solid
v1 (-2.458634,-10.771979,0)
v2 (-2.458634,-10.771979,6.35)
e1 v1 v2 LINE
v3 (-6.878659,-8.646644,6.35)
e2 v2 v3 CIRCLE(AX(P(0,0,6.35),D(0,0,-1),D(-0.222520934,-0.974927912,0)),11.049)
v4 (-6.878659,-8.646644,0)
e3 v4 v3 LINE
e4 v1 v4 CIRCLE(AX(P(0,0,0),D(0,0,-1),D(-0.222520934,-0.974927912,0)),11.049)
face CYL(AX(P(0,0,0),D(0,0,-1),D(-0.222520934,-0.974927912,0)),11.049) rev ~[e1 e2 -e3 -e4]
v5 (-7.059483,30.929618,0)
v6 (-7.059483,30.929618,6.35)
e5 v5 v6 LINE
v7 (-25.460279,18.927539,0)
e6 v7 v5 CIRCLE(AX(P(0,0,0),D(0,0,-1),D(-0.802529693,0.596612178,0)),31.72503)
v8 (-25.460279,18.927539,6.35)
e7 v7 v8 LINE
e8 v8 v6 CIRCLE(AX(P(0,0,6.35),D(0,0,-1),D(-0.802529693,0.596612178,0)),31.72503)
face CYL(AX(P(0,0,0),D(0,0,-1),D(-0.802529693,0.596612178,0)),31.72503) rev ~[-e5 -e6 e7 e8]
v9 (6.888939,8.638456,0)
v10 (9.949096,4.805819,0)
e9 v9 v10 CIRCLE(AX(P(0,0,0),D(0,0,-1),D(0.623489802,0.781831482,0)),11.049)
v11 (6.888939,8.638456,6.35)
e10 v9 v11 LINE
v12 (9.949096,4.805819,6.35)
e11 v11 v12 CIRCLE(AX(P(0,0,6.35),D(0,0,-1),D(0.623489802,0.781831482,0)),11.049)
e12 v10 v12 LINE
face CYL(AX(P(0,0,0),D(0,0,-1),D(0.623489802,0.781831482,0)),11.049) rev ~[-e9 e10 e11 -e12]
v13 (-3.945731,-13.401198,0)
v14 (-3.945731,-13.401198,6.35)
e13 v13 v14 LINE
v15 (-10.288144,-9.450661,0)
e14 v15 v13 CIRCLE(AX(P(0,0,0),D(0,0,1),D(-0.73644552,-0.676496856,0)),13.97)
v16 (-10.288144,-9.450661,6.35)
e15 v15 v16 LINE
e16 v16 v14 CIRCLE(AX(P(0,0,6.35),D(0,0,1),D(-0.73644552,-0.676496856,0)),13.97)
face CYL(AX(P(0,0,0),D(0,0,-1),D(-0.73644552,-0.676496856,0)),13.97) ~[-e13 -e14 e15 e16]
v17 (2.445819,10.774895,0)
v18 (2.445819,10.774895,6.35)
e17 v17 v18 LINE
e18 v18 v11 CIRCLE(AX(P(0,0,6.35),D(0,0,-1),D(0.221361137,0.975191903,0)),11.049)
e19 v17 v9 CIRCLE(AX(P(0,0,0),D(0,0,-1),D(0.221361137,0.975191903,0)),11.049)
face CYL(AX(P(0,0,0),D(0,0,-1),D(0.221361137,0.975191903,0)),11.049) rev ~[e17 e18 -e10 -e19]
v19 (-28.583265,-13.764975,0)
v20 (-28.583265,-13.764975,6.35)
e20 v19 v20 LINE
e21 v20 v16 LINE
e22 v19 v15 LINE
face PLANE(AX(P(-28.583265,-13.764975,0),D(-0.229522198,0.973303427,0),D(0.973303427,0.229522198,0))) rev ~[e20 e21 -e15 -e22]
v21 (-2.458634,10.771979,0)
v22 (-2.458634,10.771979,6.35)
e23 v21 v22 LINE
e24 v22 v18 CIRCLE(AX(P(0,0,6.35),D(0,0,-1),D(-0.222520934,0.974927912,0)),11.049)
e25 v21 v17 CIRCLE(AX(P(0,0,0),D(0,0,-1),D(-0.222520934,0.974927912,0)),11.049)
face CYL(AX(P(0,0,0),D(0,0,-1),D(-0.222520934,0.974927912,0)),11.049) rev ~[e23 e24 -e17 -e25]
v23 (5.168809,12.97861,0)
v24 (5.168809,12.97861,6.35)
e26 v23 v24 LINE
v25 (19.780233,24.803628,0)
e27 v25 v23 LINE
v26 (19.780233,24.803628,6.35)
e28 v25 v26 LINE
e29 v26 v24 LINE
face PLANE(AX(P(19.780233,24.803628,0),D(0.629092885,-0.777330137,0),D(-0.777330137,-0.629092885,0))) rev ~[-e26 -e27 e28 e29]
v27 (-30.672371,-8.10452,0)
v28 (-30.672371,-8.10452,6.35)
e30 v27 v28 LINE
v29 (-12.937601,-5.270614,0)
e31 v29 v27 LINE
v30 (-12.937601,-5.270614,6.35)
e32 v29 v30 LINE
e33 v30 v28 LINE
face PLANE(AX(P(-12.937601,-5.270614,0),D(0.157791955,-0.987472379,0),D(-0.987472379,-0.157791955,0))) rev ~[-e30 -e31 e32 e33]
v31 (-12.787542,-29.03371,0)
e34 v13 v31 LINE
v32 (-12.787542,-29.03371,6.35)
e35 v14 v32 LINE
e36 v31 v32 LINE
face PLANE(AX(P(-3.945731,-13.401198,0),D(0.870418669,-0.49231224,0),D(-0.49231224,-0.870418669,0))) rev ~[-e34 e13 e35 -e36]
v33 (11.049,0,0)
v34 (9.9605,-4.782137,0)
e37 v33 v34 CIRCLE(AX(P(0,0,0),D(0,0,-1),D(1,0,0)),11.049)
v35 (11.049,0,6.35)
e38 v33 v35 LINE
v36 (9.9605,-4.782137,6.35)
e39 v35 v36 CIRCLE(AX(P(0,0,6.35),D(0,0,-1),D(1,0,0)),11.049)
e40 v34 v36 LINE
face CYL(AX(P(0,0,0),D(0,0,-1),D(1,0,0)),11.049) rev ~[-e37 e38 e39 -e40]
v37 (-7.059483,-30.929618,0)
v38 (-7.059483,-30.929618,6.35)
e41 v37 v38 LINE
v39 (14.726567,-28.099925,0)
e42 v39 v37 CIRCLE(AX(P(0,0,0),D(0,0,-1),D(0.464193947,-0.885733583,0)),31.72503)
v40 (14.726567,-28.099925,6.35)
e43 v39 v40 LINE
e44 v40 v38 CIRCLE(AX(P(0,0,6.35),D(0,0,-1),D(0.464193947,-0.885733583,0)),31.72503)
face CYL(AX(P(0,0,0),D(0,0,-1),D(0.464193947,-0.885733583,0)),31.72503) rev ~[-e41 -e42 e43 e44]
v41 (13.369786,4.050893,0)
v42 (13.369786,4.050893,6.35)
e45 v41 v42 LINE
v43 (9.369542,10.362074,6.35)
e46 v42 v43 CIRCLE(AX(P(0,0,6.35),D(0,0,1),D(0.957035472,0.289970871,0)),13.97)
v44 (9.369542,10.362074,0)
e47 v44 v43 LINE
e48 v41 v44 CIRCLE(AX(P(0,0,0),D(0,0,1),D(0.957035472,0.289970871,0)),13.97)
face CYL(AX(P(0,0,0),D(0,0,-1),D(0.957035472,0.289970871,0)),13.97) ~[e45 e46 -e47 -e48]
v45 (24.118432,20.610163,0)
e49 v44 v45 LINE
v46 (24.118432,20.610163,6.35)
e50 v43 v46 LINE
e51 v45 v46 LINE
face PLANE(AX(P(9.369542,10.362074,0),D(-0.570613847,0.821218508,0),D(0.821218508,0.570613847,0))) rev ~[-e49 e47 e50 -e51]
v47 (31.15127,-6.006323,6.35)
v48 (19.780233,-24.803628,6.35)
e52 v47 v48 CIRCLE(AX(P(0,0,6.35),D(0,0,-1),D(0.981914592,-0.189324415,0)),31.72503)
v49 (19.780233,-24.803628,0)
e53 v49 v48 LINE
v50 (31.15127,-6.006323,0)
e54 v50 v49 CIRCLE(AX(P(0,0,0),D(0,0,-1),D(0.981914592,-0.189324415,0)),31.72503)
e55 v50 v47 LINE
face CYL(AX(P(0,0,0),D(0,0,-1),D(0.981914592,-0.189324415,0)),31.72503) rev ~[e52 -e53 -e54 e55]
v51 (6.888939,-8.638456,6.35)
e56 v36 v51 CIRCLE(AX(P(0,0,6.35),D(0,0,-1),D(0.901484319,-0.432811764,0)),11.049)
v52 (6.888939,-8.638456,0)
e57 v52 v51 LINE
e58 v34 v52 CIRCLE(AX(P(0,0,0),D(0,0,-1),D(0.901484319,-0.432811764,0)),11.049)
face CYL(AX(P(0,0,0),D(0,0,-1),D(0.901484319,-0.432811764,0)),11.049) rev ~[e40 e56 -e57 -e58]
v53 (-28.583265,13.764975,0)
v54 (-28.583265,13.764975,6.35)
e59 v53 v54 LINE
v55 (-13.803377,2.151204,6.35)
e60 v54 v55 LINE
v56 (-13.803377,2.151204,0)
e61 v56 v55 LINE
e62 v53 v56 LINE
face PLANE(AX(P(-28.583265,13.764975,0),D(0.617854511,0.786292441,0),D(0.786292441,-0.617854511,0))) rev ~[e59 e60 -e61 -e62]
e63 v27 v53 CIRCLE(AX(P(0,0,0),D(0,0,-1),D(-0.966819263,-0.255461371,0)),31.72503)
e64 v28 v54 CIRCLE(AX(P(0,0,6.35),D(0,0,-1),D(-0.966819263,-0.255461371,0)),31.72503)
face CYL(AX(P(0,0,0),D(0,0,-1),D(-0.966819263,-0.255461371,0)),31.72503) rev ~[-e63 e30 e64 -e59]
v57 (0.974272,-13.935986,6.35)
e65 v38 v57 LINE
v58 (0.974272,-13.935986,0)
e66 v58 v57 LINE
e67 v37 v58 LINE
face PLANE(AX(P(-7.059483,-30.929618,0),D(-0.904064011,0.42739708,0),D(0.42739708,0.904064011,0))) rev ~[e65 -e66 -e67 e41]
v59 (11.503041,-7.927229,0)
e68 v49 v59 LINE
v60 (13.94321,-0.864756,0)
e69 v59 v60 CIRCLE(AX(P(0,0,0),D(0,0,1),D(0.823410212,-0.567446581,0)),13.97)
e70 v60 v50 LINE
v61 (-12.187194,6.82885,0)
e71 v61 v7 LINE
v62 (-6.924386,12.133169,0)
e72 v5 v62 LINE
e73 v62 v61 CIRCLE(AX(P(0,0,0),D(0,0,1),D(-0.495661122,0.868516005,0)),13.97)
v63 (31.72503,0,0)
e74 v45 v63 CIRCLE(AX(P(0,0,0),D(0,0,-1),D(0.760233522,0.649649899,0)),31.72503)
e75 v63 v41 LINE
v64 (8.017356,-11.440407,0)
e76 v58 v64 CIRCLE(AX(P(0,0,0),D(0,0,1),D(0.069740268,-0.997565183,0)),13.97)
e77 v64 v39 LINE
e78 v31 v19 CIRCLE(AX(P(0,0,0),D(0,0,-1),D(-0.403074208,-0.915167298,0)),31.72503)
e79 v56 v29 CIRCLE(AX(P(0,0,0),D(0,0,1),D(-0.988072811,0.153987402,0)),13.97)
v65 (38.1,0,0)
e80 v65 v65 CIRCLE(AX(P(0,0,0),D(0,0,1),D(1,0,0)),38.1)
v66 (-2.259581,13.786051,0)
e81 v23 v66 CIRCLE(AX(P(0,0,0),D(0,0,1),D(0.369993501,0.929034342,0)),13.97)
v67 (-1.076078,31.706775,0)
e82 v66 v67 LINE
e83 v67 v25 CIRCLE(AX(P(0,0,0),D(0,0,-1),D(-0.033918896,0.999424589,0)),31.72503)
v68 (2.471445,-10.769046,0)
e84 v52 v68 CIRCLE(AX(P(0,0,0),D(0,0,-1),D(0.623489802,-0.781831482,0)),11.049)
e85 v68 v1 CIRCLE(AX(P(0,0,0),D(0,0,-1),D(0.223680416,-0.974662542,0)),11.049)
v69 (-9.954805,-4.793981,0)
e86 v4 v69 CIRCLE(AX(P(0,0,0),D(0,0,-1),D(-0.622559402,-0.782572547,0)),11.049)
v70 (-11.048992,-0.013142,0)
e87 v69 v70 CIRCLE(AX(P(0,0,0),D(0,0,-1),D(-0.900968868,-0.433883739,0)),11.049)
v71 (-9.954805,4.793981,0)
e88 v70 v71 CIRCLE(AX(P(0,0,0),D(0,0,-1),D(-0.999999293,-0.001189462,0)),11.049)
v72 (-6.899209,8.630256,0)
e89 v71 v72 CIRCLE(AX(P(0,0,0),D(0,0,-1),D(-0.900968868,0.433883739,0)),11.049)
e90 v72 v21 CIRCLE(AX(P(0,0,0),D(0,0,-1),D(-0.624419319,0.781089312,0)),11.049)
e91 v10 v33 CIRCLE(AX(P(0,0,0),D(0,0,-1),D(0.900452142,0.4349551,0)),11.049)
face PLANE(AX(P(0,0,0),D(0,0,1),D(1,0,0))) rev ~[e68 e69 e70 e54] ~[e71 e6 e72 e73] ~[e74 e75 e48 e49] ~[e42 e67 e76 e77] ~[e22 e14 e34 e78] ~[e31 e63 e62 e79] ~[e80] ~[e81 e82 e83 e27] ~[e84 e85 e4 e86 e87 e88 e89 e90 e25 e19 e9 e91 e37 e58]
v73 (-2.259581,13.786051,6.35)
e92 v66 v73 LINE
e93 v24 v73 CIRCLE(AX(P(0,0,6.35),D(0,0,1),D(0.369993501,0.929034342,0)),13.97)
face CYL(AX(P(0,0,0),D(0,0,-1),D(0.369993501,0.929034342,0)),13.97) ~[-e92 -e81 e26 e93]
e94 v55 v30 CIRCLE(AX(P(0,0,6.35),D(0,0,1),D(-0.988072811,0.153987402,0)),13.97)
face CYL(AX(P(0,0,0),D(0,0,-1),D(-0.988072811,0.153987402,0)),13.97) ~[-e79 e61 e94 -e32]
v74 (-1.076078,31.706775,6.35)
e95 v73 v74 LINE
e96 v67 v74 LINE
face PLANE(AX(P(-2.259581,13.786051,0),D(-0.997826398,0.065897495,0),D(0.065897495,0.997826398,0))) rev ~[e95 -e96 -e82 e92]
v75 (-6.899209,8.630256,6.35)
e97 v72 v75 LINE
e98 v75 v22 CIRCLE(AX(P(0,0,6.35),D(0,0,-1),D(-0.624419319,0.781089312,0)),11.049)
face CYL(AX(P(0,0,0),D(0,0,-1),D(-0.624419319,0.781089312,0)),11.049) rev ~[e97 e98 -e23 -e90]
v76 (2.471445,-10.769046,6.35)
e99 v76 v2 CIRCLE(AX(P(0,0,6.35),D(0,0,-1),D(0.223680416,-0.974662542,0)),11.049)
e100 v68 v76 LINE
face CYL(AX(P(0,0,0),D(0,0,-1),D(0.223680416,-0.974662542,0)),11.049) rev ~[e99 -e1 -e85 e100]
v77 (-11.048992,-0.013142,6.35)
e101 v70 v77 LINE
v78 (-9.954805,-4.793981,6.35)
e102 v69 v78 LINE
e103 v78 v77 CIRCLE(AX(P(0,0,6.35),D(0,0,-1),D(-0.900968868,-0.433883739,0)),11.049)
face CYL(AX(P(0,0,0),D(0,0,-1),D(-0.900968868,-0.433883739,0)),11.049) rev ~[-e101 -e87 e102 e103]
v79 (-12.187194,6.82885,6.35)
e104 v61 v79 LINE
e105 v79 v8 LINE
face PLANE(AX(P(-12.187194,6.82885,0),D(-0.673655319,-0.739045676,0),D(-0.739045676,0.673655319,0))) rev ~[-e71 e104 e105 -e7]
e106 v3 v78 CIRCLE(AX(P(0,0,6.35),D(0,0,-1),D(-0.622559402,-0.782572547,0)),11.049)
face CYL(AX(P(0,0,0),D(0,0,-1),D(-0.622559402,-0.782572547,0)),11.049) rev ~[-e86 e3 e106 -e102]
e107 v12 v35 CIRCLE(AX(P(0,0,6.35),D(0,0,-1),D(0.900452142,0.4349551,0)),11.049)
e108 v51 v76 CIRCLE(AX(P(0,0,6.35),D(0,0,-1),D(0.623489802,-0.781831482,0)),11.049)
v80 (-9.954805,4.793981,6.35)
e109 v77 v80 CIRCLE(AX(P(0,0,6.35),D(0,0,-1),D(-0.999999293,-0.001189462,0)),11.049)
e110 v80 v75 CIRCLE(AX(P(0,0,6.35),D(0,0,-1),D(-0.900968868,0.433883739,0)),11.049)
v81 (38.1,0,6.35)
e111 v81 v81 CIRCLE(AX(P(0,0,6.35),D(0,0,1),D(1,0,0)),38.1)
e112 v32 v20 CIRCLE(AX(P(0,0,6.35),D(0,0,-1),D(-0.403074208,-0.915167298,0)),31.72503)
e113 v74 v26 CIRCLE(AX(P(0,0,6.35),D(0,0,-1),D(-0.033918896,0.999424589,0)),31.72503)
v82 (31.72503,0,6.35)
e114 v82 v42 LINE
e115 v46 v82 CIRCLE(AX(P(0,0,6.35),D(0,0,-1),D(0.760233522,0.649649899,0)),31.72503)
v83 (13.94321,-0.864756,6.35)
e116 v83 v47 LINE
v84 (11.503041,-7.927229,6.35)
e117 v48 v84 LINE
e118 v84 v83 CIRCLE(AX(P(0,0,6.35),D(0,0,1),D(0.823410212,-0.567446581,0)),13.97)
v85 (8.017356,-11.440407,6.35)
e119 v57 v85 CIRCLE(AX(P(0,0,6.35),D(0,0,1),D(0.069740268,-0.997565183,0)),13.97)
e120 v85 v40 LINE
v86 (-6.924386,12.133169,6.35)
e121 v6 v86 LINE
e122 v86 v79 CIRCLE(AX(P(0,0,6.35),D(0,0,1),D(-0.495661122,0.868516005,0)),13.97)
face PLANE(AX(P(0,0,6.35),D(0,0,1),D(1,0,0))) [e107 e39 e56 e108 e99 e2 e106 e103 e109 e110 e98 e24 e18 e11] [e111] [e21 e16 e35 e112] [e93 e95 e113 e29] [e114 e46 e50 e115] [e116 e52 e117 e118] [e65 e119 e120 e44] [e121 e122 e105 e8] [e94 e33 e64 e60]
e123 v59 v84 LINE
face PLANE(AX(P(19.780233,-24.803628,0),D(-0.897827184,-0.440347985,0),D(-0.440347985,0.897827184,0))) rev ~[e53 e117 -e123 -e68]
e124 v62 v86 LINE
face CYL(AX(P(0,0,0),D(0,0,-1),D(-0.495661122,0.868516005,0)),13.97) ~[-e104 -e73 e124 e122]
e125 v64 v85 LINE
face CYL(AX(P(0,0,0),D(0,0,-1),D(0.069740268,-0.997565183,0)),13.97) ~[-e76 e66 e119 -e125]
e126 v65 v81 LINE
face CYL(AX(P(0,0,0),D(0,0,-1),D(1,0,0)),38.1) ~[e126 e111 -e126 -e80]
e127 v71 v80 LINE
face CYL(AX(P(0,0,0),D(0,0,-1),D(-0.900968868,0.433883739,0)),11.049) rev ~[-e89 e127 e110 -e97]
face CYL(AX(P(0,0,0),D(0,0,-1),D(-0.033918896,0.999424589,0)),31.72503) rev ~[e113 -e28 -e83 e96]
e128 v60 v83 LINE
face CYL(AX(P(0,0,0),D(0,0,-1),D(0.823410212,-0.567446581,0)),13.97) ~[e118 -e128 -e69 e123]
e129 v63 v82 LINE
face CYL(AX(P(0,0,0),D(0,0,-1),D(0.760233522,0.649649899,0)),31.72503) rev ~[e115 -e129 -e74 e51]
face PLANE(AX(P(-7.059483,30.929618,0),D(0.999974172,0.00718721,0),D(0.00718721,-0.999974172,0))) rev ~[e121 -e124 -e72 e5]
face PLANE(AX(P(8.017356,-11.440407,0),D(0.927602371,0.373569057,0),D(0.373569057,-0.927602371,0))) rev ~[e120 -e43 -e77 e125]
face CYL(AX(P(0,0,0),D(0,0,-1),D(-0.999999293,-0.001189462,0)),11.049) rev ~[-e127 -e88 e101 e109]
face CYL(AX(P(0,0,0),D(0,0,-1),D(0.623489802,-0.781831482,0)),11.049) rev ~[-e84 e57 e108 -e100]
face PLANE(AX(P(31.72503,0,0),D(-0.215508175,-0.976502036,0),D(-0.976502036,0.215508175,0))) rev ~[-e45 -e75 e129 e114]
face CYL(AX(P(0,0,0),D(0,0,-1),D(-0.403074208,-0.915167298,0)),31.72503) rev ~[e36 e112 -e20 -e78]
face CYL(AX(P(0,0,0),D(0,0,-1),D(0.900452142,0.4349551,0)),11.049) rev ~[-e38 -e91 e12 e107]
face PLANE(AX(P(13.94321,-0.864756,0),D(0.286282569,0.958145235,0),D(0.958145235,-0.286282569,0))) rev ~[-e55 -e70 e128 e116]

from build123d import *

# Parameters (mm, degrees)
F0_R     = 38.1
F1_DEPTH = 6.35


with BuildPart() as f1:
    # F0 (on Top) → F1 (new body)
    with BuildSketch(Plane.XY):
        Circle(F0_R)
        with BuildLine():
            ThreePointArc((31.7250303997, 0), (31.5812646245, -3.0168325409), (31.1512702825, -6.0063228058))
            ThreePointArc((31.1512702825, -6.0063228058), (27.1447816525, -16.4206693804), (19.7802329179, -24.8036275488))
            ThreePointArc((19.7802329179, -24.8036275488), (17.3319417654, -26.5721912628), (14.7265670727, -28.0999248419))
            ThreePointArc((14.7265670727, -28.0999248419), (4.0862982493, -31.460764779), (-7.0594833943, -30.9296176515))
            ThreePointArc((-7.0594833943, -30.9296176515), (-9.9686867503, -30.1181479898), (-12.7875415101, -29.033710338))
            ThreePointArc((-12.7875415101, -29.033710338), (-22.049251081, -22.8102626164), (-28.5832647234, -13.7649748135))
            ThreePointArc((-28.5832647234, -13.7649748135), (-29.7626908188, -10.9845249823), (-30.6723705175, -8.1045197699))
            ThreePointArc((-30.6723705175, -8.1045197699), (-31.5812646245, 3.0168325409), (-28.5832647234, 13.7649748135))
            ThreePointArc((-28.5832647234, 13.7649748135), (-27.1447816525, 16.4206693804), (-25.4602789229, 18.9275394871))
            ThreePointArc((-25.4602789229, 18.9275394871), (-17.3319417654, 26.5721912628), (-7.0594833943, 30.9296176515))
            ThreePointArc((-7.0594833943, 30.9296176515), (-4.0862982493, 31.460764779), (-1.0760780042, 31.7067754588))
            ThreePointArc((-1.0760780042, 31.7067754588), (9.9686867503, 30.1181479898), (19.7802329179, 24.8036275488))
            ThreePointArc((19.7802329179, 24.8036275488), (22.049251081, 22.8102626164), (24.1184315996, 20.6101628097))
            ThreePointArc((24.1184315996, 20.6101628097), (29.7626908188, 10.9845249823), (31.7250303997, 0))
        make_face(mode=Mode.SUBTRACT)
        with BuildLine():
            Line((-10.2881439148, -9.4506610768), (-6.878658835, -8.6466440676))
            ThreePointArc((-6.878658835, -8.6466440676), (-8.634357457, -6.8940751595), (-9.9548050215, -4.7939814335))
            Line((-9.9548050215, -4.7939814335), (-12.9376014162, -5.270613778))
            ThreePointArc((-12.9376014162, -5.270613778), (-11.7994495804, -7.4788962822), (-10.2881439148, -9.4506610768))
        make_face()
        with BuildLine():
            Line((-28.5832647234, -13.7649748135), (-10.2881439148, -9.4506610768))
            ThreePointArc((-10.2881439148, -9.4506610768), (-11.7994495804, -7.4788962822), (-12.9376014162, -5.270613778))
            Line((-12.9376014162, -5.270613778), (-30.6723705175, -8.1045197699))
            ThreePointArc((-30.6723705175, -8.1045197699), (-29.7626908188, -10.9845249823), (-28.5832647234, -13.7649748135))
        make_face()
        with BuildLine():
            ThreePointArc((-11.0489921838, -0.0131423621), (-10.7734388222, 2.4522269355), (-9.9548050215, 4.7939814335))
            Line((-9.9548050215, 4.7939814335), (-12.187194327, 6.8288501547))
            ThreePointArc((-12.187194327, 6.8288501547), (-13.2040730485, 4.5621655966), (-13.8033771709, 2.1512040066))
            Line((-13.8033771709, 2.1512040066), (-11.0489921838, -0.0131423621))
        make_face()
        with BuildLine():
            ThreePointArc((-13.8033771709, 2.1512040066), (-13.2040730485, 4.5621655966), (-12.187194327, 6.8288501547))
            Line((-12.187194327, 6.8288501547), (-25.4602789229, 18.9275394871))
            ThreePointArc((-25.4602789229, 18.9275394871), (-27.1447816525, 16.4206693804), (-28.5832647234, 13.7649748135))
            Line((-28.5832647234, 13.7649748135), (-13.8033771709, 2.1512040066))
        make_face()
        with BuildLine():
            ThreePointArc((-6.8992090599, 8.6302558101), (-4.7999010163, 9.9519521318), (-2.4586337993, 10.7719785017))
            Line((-2.4586337993, 10.7719785017), (-2.2595813362, 13.7860506377))
            ThreePointArc((-2.2595813362, 13.7860506377), (-4.665760197, 13.16782373), (-6.9243858797, 12.1331685964))
            Line((-6.9243858797, 12.1331685964), (-6.8992090599, 8.6302558101))
        make_face()
        with BuildLine():
            ThreePointArc((-6.9243858797, 12.1331685964), (-4.665760197, 13.16782373), (-2.2595813362, 13.7860506377))
            Line((-2.2595813362, 13.7860506377), (-1.0760780042, 31.7067754588))
            ThreePointArc((-1.0760780042, 31.7067754588), (-4.0862982493, 31.460764779), (-7.0594833943, 30.9296176515))
            Line((-7.0594833943, 30.9296176515), (-6.9243858797, 12.1331685964))
        make_face()
        with BuildLine():
            ThreePointArc((2.4458192044, 10.7748953322), (4.7880601551, 9.95765439), (6.8889388207, 8.6384560498))
            Line((6.8889388207, 8.6384560498), (9.3695424879, 10.3620738064))
            ThreePointArc((9.3695424879, 10.3620738064), (7.3859652469, 11.85784202), (5.1688092106, 12.9786097616))
            Line((5.1688092106, 12.9786097616), (2.4458192044, 10.7748953322))
        make_face()
        with BuildLine():
            ThreePointArc((5.1688092106, 12.9786097616), (7.3859652469, 11.85784202), (9.3695424879, 10.3620738064))
            Line((9.3695424879, 10.3620738064), (24.1184315996, 20.6101628097))
            ThreePointArc((24.1184315996, 20.6101628097), (22.049251081, 22.8102626164), (19.7802329179, 24.8036275488))
            Line((19.7802329179, 24.8036275488), (5.1688092106, 12.9786097616))
        make_face()
        with BuildLine():
            ThreePointArc((9.9490957221, 4.8058189013), (10.770514371, 2.4650397934), (11.049, 0))
            Line((11.049, 0), (13.9432097147, -0.864755949))
            ThreePointArc((13.9432097147, -0.864755949), (13.9633008224, -0.4325854166), (13.97, 0))
            ThreePointArc((13.97, 0), (13.8191317384, 2.0475590338), (13.3697855409, 4.0508930609))
            Line((13.3697855409, 4.0508930609), (9.9490957221, 4.8058189013))
        make_face()
        with BuildLine():
            ThreePointArc((13.97, 0), (13.9633008224, -0.4325854166), (13.9432097147, -0.864755949))
            Line((13.9432097147, -0.864755949), (31.1512702825, -6.0063228058))
            ThreePointArc((31.1512702825, -6.0063228058), (31.5812646245, -3.0168325409), (31.7250303997, 0))
            Line((31.7250303997, 0), (13.3697855409, 4.0508930609))
            ThreePointArc((13.3697855409, 4.0508930609), (13.8191317384, 2.0475590338), (13.97, 0))
        make_face()
        with BuildLine():
            Line((11.5030406649, -7.9272287378), (9.9605002365, -4.7821371831))
            ThreePointArc((9.9605002365, -4.7821371831), (8.6425515871, -6.8838000453), (6.8889388207, -8.6384560498))
            Line((6.8889388207, -8.6384560498), (8.0173556368, -11.4404068369))
            ThreePointArc((8.0173556368, -11.4404068369), (9.9170092786, -9.8394017586), (11.5030406649, -7.9272287378))
        make_face()
        with BuildLine():
            Line((19.7802329179, -24.8036275488), (11.5030406649, -7.9272287378))
            ThreePointArc((11.5030406649, -7.9272287378), (9.9170092786, -9.8394017586), (8.0173556368, -11.4404068369))
            Line((8.0173556368, -11.4404068369), (14.7265670727, -28.0999248419))
            ThreePointArc((14.7265670727, -28.0999248419), (17.3319417654, -26.5721912628), (19.7802329179, -24.8036275488))
        make_face()
        with BuildLine():
            Line((0.974271549, -13.935985611), (2.4714449156, -10.7690464308))
            ThreePointArc((2.4714449156, -10.7690464308), (0.0065711822, -11.048998046), (-2.4586337993, -10.7719785017))
            Line((-2.4586337993, -10.7719785017), (-3.9457307599, -13.4011980349))
            ThreePointArc((-3.9457307599, -13.4011980349), (-1.5095999134, -13.8881967189), (0.974271549, -13.935985611))
        make_face()
        with BuildLine():
            Line((-7.0594833943, -30.9296176515), (0.974271549, -13.935985611))
            ThreePointArc((0.974271549, -13.935985611), (-1.5095999134, -13.8881967189), (-3.9457307599, -13.4011980349))
            Line((-3.9457307599, -13.4011980349), (-12.7875415101, -29.033710338))
            ThreePointArc((-12.7875415101, -29.033710338), (-9.9686867503, -30.1181479898), (-7.0594833943, -30.9296176515))
        make_face()
        with BuildLine():
            ThreePointArc((-9.9548050215, 4.7939814335), (-8.6425515871, 6.8838000453), (-6.8992090599, 8.6302558101))
            Line((-6.8992090599, 8.6302558101), (-6.9243858797, 12.1331685964))
            ThreePointArc((-6.9243858797, 12.1331685964), (-9.9170092786, 9.8394017586), (-12.187194327, 6.8288501547))
            Line((-12.187194327, 6.8288501547), (-9.9548050215, 4.7939814335))
        make_face()
        with BuildLine():
            Line((-12.9376014162, -5.270613778), (-9.9548050215, -4.7939814335))
            ThreePointArc((-9.9548050215, -4.7939814335), (-10.770514371, -2.4650397934), (-11.0489921838, -0.0131423621))
            Line((-11.0489921838, -0.0131423621), (-13.8033771709, 2.1512040066))
            ThreePointArc((-13.8033771709, 2.1512040066), (-13.8759082137, -1.6186634131), (-12.9376014162, -5.270613778))
        make_face()
        with BuildLine():
            Line((-3.9457307599, -13.4011980349), (-2.4586337993, -10.7719785017))
            ThreePointArc((-2.4586337993, -10.7719785017), (-4.7880601551, -9.95765439), (-6.878658835, -8.6466440676))
            Line((-6.878658835, -8.6466440676), (-10.2881439148, -9.4506610768))
            ThreePointArc((-10.2881439148, -9.4506610768), (-7.3859652469, -11.85784202), (-3.9457307599, -13.4011980349))
        make_face()
        with BuildLine():
            Line((8.0173556368, -11.4404068369), (6.8889388207, -8.6384560498))
            ThreePointArc((6.8889388207, -8.6384560498), (4.7999010163, -9.9519521318), (2.4714449156, -10.7690464308))
            Line((2.4714449156, -10.7690464308), (0.974271549, -13.935985611))
            ThreePointArc((0.974271549, -13.935985611), (4.665760197, -13.16782373), (8.0173556368, -11.4404068369))
        make_face()
        with BuildLine():
            Line((13.9432097147, -0.864755949), (11.049, 0))
            ThreePointArc((11.049, 0), (10.7734388222, -2.4522269355), (9.9605002365, -4.7821371831))
            Line((9.9605002365, -4.7821371831), (11.5030406649, -7.9272287378))
            ThreePointArc((11.5030406649, -7.9272287378), (13.2040730485, -4.5621655966), (13.9432097147, -0.864755949))
        make_face()
        with BuildLine():
            ThreePointArc((6.8889388207, 8.6384560498), (8.634357457, 6.8940751595), (9.9490957221, 4.8058189013))
            Line((9.9490957221, 4.8058189013), (13.3697855409, 4.0508930609))
            ThreePointArc((13.3697855409, 4.0508930609), (11.7994495804, 7.4788962822), (9.3695424879, 10.3620738064))
            Line((9.3695424879, 10.3620738064), (6.8889388207, 8.6384560498))
        make_face()
        with BuildLine():
            ThreePointArc((-2.4586337993, 10.7719785017), (-0.0065711822, 11.048998046), (2.4458192044, 10.7748953322))
            Line((2.4458192044, 10.7748953322), (5.1688092106, 12.9786097616))
            ThreePointArc((5.1688092106, 12.9786097616), (1.5095999134, 13.8881967189), (-2.2595813362, 13.7860506377))
            Line((-2.2595813362, 13.7860506377), (-2.4586337993, 10.7719785017))
        make_face()
    extrude(amount=F1_DEPTH)


solid = f1.part
